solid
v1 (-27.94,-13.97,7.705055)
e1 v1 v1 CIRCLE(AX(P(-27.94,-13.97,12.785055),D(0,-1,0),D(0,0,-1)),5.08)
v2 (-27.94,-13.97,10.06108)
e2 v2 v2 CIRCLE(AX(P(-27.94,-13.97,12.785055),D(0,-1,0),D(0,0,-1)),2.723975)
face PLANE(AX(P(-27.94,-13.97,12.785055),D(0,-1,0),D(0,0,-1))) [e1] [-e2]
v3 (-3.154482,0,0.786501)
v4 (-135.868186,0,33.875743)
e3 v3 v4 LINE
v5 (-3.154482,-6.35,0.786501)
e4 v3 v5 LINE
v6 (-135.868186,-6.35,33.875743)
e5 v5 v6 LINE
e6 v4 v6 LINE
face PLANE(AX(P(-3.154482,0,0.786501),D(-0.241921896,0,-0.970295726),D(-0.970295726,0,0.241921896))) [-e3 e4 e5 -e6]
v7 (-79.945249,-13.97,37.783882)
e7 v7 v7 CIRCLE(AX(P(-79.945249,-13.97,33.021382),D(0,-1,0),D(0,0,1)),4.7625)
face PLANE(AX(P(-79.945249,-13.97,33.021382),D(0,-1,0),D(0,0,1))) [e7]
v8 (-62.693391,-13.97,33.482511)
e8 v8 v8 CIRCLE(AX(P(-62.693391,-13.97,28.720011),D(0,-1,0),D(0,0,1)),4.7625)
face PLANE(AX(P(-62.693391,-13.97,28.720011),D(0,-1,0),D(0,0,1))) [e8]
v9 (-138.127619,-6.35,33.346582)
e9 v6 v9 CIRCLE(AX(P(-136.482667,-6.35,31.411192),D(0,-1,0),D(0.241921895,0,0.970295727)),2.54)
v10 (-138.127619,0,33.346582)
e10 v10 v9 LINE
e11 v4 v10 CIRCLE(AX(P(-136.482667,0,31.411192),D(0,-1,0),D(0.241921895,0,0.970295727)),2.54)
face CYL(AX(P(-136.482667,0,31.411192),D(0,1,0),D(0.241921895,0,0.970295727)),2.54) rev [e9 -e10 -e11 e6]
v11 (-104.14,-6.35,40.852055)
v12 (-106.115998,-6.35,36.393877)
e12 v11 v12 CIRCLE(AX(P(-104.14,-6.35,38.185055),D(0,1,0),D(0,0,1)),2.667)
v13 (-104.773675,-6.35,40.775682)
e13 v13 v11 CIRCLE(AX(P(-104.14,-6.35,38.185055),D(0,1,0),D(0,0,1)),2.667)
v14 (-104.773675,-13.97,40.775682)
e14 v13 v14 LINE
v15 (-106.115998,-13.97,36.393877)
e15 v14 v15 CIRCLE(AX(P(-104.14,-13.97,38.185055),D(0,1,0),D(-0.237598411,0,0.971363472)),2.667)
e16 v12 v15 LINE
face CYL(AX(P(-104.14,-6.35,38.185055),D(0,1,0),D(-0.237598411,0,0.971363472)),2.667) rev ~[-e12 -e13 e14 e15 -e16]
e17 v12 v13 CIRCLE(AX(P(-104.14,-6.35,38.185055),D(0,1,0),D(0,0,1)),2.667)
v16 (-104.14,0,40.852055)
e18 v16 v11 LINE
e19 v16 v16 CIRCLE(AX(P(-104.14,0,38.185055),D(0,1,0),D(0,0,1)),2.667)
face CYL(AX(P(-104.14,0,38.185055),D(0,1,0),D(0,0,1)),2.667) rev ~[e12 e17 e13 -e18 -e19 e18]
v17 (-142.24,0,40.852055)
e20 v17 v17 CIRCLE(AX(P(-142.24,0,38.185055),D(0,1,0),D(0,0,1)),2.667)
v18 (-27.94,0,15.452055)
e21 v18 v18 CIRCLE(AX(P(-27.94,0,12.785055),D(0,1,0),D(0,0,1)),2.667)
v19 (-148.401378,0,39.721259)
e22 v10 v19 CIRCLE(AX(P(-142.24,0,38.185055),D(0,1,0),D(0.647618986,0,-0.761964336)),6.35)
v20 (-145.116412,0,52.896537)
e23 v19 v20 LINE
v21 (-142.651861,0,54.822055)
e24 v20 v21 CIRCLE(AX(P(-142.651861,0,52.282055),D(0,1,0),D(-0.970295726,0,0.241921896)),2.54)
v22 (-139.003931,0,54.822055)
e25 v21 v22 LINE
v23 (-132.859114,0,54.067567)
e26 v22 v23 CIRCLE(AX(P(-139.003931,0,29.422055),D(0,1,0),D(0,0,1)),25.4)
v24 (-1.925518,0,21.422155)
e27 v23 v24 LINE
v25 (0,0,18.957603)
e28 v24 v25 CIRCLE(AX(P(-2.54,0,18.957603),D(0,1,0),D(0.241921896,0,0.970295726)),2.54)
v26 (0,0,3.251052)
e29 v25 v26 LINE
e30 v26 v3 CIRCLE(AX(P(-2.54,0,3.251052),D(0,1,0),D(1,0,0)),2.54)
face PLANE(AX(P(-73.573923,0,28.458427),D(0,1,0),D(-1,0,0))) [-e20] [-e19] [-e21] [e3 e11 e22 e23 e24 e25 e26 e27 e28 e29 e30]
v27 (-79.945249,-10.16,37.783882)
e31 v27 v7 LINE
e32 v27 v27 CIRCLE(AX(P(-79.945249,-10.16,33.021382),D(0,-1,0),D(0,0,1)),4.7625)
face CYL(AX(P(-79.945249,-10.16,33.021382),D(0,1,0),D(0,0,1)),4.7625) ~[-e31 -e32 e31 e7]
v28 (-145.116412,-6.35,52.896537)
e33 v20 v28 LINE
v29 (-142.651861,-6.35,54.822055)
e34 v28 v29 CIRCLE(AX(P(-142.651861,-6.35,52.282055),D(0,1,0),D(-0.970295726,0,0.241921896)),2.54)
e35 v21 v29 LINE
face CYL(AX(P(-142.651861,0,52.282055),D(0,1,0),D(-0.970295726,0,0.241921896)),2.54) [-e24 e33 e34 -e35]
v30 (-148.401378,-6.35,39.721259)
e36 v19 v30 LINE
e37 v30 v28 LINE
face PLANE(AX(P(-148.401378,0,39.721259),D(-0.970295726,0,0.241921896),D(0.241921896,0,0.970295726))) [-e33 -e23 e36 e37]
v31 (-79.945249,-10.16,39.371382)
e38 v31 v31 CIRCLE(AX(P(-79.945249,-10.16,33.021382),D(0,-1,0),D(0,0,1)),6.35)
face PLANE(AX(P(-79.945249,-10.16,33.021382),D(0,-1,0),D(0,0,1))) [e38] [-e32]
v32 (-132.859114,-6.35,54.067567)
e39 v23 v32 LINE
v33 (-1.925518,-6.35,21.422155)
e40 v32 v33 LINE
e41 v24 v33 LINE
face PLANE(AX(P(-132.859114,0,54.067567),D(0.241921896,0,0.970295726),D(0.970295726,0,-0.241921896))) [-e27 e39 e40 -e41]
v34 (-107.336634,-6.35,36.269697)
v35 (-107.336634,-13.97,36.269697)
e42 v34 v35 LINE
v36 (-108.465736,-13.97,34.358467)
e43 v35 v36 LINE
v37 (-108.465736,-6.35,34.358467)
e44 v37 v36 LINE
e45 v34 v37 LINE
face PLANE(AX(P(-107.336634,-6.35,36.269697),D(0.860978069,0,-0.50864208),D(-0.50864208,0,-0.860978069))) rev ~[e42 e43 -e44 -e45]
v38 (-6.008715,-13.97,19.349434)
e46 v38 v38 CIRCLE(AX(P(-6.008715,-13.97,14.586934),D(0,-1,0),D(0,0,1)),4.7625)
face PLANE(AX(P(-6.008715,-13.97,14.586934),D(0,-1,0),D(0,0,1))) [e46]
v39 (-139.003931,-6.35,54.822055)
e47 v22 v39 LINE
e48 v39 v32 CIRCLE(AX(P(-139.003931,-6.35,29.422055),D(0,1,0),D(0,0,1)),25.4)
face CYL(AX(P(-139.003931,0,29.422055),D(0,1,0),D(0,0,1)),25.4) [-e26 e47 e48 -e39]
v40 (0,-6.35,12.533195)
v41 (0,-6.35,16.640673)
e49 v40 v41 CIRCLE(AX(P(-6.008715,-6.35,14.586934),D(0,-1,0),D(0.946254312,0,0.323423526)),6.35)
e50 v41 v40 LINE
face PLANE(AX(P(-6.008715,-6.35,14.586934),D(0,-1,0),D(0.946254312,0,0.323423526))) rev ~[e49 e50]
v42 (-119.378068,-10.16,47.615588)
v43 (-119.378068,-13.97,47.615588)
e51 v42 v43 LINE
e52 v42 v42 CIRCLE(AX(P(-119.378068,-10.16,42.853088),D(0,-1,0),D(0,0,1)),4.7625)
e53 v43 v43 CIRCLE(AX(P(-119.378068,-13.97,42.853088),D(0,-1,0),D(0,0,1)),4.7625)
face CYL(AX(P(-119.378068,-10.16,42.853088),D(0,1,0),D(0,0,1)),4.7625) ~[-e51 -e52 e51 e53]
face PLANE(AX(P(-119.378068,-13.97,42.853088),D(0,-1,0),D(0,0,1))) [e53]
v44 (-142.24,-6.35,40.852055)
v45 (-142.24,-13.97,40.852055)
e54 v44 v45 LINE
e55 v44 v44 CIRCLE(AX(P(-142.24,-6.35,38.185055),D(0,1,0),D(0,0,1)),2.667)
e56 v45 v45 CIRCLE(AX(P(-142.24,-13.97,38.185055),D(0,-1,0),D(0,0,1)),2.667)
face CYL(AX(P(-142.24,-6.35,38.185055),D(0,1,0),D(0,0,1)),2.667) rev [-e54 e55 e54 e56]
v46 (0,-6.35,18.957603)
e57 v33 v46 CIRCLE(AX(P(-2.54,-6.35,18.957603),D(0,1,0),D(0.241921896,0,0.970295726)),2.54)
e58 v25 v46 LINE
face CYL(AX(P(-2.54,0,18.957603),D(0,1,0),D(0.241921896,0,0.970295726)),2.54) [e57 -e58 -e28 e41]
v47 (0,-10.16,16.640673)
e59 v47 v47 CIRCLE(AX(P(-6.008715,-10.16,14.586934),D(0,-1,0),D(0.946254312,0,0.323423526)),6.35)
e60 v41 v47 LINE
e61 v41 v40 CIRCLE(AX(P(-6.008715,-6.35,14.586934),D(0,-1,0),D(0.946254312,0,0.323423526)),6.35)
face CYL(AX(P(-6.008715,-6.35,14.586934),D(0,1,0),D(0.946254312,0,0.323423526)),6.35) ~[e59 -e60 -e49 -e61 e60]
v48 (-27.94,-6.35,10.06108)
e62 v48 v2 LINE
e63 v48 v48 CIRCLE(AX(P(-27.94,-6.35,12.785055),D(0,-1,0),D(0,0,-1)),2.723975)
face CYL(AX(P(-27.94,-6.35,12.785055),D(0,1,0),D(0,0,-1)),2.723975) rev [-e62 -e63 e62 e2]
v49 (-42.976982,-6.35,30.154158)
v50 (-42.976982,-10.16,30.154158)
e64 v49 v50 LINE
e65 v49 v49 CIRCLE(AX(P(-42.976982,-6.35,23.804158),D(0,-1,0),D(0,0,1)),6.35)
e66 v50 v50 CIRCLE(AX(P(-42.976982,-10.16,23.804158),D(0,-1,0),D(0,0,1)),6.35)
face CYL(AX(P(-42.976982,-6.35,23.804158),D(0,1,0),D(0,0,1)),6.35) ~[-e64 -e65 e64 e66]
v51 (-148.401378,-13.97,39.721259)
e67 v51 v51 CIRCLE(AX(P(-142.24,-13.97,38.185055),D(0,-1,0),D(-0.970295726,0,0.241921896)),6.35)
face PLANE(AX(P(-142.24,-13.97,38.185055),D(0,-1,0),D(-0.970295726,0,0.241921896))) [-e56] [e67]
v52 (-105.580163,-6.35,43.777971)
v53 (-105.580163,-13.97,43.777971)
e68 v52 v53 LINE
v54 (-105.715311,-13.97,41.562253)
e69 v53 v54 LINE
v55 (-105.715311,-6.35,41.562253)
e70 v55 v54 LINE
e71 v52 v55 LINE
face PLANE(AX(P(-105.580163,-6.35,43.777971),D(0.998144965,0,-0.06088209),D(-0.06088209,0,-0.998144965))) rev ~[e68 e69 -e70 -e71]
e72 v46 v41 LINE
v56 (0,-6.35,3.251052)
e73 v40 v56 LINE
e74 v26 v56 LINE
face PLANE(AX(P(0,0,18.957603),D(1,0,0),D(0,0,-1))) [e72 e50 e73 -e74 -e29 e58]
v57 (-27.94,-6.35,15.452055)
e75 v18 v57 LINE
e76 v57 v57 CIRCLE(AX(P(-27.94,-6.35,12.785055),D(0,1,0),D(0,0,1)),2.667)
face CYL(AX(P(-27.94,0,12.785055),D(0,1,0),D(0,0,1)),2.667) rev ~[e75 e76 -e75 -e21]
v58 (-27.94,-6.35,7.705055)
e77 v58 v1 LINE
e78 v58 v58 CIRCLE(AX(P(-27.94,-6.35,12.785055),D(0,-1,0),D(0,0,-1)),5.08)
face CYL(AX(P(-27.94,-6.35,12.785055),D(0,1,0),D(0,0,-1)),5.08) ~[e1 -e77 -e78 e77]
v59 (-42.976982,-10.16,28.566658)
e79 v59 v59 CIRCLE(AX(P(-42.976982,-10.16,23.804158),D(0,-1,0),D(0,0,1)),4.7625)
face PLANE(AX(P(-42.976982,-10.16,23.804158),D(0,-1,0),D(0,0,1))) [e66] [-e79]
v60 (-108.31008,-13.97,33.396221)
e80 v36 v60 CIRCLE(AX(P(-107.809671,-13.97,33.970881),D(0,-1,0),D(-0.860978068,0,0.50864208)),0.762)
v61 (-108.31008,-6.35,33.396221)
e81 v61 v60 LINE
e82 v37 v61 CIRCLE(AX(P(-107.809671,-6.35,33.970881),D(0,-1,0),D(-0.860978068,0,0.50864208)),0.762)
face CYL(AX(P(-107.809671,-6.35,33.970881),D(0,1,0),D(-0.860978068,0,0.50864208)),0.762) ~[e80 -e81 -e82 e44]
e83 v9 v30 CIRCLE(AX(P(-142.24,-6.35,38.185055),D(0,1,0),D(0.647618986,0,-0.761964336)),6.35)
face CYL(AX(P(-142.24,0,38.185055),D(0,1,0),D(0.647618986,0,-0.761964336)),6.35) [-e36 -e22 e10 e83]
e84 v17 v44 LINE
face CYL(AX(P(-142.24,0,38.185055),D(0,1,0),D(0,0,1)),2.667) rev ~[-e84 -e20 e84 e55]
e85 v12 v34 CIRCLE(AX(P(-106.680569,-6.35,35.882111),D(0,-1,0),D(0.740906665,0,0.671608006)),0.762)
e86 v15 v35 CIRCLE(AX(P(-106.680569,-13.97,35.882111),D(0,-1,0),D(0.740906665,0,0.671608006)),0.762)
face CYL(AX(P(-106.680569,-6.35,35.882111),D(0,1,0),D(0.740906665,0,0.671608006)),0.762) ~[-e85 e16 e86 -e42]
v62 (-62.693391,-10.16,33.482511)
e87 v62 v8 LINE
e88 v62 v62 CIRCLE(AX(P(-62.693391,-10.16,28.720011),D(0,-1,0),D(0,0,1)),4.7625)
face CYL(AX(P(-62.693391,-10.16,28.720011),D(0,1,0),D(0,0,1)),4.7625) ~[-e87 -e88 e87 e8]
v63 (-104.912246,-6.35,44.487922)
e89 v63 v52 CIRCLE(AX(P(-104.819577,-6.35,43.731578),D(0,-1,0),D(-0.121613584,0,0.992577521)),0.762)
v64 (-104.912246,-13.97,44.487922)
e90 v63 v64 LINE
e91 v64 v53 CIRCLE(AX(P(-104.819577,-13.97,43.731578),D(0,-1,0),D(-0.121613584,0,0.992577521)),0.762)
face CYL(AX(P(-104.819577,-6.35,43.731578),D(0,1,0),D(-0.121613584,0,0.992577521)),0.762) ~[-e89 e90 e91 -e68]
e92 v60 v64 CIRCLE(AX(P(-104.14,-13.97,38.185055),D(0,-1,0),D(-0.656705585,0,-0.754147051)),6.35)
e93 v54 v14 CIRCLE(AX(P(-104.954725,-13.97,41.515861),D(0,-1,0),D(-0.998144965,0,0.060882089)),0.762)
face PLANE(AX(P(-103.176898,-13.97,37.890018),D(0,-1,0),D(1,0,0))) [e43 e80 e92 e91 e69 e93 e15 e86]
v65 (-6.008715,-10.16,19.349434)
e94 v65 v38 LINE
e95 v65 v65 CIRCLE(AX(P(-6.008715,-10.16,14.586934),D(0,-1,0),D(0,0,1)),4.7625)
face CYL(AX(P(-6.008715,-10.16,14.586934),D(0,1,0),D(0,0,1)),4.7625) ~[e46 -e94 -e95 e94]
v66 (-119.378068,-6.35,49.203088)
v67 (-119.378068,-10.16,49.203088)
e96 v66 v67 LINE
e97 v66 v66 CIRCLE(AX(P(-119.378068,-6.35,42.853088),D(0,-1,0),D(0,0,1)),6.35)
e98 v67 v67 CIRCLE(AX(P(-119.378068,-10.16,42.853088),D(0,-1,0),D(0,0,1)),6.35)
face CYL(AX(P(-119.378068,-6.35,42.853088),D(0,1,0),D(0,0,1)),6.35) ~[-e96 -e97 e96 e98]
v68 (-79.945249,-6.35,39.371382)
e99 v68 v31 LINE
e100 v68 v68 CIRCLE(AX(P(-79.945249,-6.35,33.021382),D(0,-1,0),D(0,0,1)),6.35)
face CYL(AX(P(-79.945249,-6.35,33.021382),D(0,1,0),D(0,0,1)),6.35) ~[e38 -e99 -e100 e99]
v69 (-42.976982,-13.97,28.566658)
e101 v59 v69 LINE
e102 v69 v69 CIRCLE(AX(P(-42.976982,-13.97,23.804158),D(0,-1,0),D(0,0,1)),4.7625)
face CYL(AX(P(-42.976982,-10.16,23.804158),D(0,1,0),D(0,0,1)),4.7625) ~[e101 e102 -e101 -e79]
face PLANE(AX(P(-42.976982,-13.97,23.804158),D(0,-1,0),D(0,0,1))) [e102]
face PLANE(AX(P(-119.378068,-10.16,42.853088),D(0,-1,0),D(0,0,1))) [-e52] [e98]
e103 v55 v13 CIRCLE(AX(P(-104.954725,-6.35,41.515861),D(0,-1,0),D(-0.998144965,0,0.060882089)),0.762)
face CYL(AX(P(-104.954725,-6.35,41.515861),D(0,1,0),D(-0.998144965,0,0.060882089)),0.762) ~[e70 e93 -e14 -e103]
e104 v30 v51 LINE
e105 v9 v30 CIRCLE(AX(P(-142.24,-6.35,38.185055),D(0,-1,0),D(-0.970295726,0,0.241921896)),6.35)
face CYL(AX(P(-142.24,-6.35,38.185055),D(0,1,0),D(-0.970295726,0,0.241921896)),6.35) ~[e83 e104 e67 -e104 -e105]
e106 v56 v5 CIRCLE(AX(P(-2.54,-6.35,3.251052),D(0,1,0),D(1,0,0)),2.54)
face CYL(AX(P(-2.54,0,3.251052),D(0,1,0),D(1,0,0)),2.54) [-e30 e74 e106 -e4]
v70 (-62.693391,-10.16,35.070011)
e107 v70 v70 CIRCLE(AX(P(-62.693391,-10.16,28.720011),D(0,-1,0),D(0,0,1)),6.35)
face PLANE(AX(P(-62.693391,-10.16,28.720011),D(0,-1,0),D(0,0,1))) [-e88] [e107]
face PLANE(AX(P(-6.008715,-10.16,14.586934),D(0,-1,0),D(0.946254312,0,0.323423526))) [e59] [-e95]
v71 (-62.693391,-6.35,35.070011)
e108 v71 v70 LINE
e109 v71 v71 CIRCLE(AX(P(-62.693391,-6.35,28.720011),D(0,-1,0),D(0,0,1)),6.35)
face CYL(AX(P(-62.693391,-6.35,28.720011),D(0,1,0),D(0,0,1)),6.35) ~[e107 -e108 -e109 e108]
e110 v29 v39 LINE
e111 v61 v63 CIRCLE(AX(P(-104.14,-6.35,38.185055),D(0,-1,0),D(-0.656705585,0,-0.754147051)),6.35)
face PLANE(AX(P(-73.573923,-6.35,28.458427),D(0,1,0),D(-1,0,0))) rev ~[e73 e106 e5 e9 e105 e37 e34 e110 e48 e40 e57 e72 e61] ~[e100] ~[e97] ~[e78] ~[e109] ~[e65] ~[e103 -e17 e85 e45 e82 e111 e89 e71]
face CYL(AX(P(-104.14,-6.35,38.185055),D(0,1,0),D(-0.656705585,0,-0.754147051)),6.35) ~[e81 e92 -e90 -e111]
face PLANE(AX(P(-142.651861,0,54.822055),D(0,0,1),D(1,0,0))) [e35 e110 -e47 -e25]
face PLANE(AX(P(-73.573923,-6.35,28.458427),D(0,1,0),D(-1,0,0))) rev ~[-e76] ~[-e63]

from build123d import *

# Parameters (mm, degrees)
SKETCH1_R           = 2.667
BOSS_EXTRUDE1_DEPTH = 6.35
SKETCH3_R           = 6.35
BOSS_EXTRUDE2_DEPTH = 3.81
SKETCH4_R           = 4.7625
BOSS_EXTRUDE3_DEPTH = 3.81
SKETCH5_R           = 6.35
SKETCH5_R_2         = 2.667
SKETCH5_R_3         = 5.08
SKETCH5_R_4         = 2.723974981
BOSS_EXTRUDE4_DEPTH = 7.62


with BuildPart() as part:
    # Sketch1 → Boss-Extrude1 (new body)
    with BuildSketch(Plane(origin=(0, 0, 0), x_dir=(-1, 0, 0), z_dir=(0, 1, 0))):
        with BuildLine():
            Line((132.859114436, 54.06756661), (1.925518385, 21.422154602))
            ThreePointArc((1.925518385, 21.422154602), (0.538452686, 20.521383604), (0, 18.957603457))
            Line((0, 18.957603457), (0, 3.251051746))
            ThreePointArc((0, 3.251051746), (0.976219853, 1.249504432), (3.154481615, 0.786500601))
            Line((3.154481615, 0.786500601), (135.868185597, 33.875743365))
            ThreePointArc((135.868185597, 33.875743365), (137.061865325, 33.884273202), (138.127619437, 33.346581632))
            ThreePointArc((138.127619437, 33.346581632), (145.587943549, 32.789337046), (148.401377862, 39.7212592))
            Line((148.401377862, 39.7212592), (145.116412217, 52.896536778))
            ThreePointArc((145.116412217, 52.896536778), (144.215641219, 54.283602477), (142.651861072, 54.822055163))
            Line((142.651861072, 54.822055163), (139.003930584, 54.822055163))
            ThreePointArc((139.003930584, 54.822055163), (135.908449262, 54.632727414), (132.859114436, 54.06756661))
        make_face()
        with Locations(Location((142.24, 38.185055163, 0), (0, 0, 90))):
            Circle(SKETCH1_R, mode=Mode.SUBTRACT)
        with Locations(Location((27.94, 12.785055202, 0), (0, 0, 90))):
            Circle(SKETCH1_R, mode=Mode.SUBTRACT)
        with Locations(Location((104.14, 38.185055202, 0), (0, 0, 90))):
            Circle(SKETCH1_R, mode=Mode.SUBTRACT)
    extrude(amount=-BOSS_EXTRUDE1_DEPTH)

    # Sketch3 → Boss-Extrude2 (add)
    with BuildSketch(Plane(origin=(0, -6.35, 0), x_dir=(-1, 0, 0), z_dir=(0, -1, 0))):
        with Locations(Location((6.00871488, -14.586933973, 0), (0, 0, 198.870092131))):
            Circle(SKETCH3_R)
        with Locations(Location((42.976982051, -23.804158196, 0), (0, 0, 270))):
            Circle(SKETCH3_R)
        with Locations(Location((79.945249222, -33.021382418, 0), (0, 0, 270))):
            Circle(SKETCH3_R)
        with Locations(Location((119.378067538, -42.853088255, 0), (0, 0, 270))):
            Circle(SKETCH3_R)
        with Locations(Location((62.693391209, -28.720011114, 0), (0, 0, 270))):
            Circle(SKETCH3_R)
    extrude(amount=BOSS_EXTRUDE2_DEPTH)

    # Sketch4 → Boss-Extrude3 (add)
    with BuildSketch(Plane.XZ.offset(10.16)):
        with Locations(Location((-6.00871488, 14.586933973, 0), (0, 0, 90))):
            Circle(SKETCH4_R)
        with Locations(Location((-42.976982051, 23.804158196, 0), (0, 0, 90))):
            Circle(SKETCH4_R)
        with Locations(Location((-62.693391209, 28.720011114, 0), (0, 0, 90))):
            Circle(SKETCH4_R)
        with Locations(Location((-79.945249222, 33.021382418, 0), (0, 0, 90))):
            Circle(SKETCH4_R)
        with Locations(Location((-119.378067538, 42.853088255, 0), (0, 0, 90))):
            Circle(SKETCH4_R)
    extrude(amount=BOSS_EXTRUDE3_DEPTH)

    # Sketch5 → Boss-Extrude4 (add)
    with BuildSketch(Plane.XZ.offset(6.35)):
        with Locations(Location((-142.24, 38.185055163, 0), (0, 0, 166))):
            Circle(SKETCH5_R)
        with Locations(Location((-142.24, 38.185055163, 0), (0, 0, 90))):
            Circle(SKETCH5_R_2, mode=Mode.SUBTRACT)
        with Locations(Location((-27.94, 12.785055202, 0), (0, 0, 270))):
            Circle(SKETCH5_R_3)
        with Locations(Location((-27.94, 12.785055202, 0), (0, 0, 270))):
            Circle(SKETCH5_R_4, mode=Mode.SUBTRACT)
        with BuildLine():
            Line((-105.580163175, 43.777970545), (-105.715311414, 41.562252701))
            ThreePointArc((-105.715311414, 41.562252701), (-105.443232026, 40.931048752), (-104.773674962, 40.775681582))
            ThreePointArc((-104.773674962, 40.775681582), (-101.589970205, 37.403878498), (-106.115998075, 36.393876649))
            ThreePointArc((-106.115998075, 36.393876649), (-106.757692083, 36.64019843), (-107.336634242, 36.269696613))
            Line((-107.336634242, 36.269696613), (-108.465736097, 34.358466745))
            ThreePointArc((-108.465736097, 34.358466745), (-108.561892576, 33.849199875), (-108.310080465, 33.396221428))
            ThreePointArc((-108.310080465, 33.396221428), (-98.068500487, 36.325110669), (-104.912246263, 44.487922463))
            ThreePointArc((-104.912246263, 44.487922463), (-105.374571656, 44.25371306), (-105.580163175, 43.777970545))
        make_face()
    extrude(amount=BOSS_EXTRUDE4_DEPTH)


solid = part.part
